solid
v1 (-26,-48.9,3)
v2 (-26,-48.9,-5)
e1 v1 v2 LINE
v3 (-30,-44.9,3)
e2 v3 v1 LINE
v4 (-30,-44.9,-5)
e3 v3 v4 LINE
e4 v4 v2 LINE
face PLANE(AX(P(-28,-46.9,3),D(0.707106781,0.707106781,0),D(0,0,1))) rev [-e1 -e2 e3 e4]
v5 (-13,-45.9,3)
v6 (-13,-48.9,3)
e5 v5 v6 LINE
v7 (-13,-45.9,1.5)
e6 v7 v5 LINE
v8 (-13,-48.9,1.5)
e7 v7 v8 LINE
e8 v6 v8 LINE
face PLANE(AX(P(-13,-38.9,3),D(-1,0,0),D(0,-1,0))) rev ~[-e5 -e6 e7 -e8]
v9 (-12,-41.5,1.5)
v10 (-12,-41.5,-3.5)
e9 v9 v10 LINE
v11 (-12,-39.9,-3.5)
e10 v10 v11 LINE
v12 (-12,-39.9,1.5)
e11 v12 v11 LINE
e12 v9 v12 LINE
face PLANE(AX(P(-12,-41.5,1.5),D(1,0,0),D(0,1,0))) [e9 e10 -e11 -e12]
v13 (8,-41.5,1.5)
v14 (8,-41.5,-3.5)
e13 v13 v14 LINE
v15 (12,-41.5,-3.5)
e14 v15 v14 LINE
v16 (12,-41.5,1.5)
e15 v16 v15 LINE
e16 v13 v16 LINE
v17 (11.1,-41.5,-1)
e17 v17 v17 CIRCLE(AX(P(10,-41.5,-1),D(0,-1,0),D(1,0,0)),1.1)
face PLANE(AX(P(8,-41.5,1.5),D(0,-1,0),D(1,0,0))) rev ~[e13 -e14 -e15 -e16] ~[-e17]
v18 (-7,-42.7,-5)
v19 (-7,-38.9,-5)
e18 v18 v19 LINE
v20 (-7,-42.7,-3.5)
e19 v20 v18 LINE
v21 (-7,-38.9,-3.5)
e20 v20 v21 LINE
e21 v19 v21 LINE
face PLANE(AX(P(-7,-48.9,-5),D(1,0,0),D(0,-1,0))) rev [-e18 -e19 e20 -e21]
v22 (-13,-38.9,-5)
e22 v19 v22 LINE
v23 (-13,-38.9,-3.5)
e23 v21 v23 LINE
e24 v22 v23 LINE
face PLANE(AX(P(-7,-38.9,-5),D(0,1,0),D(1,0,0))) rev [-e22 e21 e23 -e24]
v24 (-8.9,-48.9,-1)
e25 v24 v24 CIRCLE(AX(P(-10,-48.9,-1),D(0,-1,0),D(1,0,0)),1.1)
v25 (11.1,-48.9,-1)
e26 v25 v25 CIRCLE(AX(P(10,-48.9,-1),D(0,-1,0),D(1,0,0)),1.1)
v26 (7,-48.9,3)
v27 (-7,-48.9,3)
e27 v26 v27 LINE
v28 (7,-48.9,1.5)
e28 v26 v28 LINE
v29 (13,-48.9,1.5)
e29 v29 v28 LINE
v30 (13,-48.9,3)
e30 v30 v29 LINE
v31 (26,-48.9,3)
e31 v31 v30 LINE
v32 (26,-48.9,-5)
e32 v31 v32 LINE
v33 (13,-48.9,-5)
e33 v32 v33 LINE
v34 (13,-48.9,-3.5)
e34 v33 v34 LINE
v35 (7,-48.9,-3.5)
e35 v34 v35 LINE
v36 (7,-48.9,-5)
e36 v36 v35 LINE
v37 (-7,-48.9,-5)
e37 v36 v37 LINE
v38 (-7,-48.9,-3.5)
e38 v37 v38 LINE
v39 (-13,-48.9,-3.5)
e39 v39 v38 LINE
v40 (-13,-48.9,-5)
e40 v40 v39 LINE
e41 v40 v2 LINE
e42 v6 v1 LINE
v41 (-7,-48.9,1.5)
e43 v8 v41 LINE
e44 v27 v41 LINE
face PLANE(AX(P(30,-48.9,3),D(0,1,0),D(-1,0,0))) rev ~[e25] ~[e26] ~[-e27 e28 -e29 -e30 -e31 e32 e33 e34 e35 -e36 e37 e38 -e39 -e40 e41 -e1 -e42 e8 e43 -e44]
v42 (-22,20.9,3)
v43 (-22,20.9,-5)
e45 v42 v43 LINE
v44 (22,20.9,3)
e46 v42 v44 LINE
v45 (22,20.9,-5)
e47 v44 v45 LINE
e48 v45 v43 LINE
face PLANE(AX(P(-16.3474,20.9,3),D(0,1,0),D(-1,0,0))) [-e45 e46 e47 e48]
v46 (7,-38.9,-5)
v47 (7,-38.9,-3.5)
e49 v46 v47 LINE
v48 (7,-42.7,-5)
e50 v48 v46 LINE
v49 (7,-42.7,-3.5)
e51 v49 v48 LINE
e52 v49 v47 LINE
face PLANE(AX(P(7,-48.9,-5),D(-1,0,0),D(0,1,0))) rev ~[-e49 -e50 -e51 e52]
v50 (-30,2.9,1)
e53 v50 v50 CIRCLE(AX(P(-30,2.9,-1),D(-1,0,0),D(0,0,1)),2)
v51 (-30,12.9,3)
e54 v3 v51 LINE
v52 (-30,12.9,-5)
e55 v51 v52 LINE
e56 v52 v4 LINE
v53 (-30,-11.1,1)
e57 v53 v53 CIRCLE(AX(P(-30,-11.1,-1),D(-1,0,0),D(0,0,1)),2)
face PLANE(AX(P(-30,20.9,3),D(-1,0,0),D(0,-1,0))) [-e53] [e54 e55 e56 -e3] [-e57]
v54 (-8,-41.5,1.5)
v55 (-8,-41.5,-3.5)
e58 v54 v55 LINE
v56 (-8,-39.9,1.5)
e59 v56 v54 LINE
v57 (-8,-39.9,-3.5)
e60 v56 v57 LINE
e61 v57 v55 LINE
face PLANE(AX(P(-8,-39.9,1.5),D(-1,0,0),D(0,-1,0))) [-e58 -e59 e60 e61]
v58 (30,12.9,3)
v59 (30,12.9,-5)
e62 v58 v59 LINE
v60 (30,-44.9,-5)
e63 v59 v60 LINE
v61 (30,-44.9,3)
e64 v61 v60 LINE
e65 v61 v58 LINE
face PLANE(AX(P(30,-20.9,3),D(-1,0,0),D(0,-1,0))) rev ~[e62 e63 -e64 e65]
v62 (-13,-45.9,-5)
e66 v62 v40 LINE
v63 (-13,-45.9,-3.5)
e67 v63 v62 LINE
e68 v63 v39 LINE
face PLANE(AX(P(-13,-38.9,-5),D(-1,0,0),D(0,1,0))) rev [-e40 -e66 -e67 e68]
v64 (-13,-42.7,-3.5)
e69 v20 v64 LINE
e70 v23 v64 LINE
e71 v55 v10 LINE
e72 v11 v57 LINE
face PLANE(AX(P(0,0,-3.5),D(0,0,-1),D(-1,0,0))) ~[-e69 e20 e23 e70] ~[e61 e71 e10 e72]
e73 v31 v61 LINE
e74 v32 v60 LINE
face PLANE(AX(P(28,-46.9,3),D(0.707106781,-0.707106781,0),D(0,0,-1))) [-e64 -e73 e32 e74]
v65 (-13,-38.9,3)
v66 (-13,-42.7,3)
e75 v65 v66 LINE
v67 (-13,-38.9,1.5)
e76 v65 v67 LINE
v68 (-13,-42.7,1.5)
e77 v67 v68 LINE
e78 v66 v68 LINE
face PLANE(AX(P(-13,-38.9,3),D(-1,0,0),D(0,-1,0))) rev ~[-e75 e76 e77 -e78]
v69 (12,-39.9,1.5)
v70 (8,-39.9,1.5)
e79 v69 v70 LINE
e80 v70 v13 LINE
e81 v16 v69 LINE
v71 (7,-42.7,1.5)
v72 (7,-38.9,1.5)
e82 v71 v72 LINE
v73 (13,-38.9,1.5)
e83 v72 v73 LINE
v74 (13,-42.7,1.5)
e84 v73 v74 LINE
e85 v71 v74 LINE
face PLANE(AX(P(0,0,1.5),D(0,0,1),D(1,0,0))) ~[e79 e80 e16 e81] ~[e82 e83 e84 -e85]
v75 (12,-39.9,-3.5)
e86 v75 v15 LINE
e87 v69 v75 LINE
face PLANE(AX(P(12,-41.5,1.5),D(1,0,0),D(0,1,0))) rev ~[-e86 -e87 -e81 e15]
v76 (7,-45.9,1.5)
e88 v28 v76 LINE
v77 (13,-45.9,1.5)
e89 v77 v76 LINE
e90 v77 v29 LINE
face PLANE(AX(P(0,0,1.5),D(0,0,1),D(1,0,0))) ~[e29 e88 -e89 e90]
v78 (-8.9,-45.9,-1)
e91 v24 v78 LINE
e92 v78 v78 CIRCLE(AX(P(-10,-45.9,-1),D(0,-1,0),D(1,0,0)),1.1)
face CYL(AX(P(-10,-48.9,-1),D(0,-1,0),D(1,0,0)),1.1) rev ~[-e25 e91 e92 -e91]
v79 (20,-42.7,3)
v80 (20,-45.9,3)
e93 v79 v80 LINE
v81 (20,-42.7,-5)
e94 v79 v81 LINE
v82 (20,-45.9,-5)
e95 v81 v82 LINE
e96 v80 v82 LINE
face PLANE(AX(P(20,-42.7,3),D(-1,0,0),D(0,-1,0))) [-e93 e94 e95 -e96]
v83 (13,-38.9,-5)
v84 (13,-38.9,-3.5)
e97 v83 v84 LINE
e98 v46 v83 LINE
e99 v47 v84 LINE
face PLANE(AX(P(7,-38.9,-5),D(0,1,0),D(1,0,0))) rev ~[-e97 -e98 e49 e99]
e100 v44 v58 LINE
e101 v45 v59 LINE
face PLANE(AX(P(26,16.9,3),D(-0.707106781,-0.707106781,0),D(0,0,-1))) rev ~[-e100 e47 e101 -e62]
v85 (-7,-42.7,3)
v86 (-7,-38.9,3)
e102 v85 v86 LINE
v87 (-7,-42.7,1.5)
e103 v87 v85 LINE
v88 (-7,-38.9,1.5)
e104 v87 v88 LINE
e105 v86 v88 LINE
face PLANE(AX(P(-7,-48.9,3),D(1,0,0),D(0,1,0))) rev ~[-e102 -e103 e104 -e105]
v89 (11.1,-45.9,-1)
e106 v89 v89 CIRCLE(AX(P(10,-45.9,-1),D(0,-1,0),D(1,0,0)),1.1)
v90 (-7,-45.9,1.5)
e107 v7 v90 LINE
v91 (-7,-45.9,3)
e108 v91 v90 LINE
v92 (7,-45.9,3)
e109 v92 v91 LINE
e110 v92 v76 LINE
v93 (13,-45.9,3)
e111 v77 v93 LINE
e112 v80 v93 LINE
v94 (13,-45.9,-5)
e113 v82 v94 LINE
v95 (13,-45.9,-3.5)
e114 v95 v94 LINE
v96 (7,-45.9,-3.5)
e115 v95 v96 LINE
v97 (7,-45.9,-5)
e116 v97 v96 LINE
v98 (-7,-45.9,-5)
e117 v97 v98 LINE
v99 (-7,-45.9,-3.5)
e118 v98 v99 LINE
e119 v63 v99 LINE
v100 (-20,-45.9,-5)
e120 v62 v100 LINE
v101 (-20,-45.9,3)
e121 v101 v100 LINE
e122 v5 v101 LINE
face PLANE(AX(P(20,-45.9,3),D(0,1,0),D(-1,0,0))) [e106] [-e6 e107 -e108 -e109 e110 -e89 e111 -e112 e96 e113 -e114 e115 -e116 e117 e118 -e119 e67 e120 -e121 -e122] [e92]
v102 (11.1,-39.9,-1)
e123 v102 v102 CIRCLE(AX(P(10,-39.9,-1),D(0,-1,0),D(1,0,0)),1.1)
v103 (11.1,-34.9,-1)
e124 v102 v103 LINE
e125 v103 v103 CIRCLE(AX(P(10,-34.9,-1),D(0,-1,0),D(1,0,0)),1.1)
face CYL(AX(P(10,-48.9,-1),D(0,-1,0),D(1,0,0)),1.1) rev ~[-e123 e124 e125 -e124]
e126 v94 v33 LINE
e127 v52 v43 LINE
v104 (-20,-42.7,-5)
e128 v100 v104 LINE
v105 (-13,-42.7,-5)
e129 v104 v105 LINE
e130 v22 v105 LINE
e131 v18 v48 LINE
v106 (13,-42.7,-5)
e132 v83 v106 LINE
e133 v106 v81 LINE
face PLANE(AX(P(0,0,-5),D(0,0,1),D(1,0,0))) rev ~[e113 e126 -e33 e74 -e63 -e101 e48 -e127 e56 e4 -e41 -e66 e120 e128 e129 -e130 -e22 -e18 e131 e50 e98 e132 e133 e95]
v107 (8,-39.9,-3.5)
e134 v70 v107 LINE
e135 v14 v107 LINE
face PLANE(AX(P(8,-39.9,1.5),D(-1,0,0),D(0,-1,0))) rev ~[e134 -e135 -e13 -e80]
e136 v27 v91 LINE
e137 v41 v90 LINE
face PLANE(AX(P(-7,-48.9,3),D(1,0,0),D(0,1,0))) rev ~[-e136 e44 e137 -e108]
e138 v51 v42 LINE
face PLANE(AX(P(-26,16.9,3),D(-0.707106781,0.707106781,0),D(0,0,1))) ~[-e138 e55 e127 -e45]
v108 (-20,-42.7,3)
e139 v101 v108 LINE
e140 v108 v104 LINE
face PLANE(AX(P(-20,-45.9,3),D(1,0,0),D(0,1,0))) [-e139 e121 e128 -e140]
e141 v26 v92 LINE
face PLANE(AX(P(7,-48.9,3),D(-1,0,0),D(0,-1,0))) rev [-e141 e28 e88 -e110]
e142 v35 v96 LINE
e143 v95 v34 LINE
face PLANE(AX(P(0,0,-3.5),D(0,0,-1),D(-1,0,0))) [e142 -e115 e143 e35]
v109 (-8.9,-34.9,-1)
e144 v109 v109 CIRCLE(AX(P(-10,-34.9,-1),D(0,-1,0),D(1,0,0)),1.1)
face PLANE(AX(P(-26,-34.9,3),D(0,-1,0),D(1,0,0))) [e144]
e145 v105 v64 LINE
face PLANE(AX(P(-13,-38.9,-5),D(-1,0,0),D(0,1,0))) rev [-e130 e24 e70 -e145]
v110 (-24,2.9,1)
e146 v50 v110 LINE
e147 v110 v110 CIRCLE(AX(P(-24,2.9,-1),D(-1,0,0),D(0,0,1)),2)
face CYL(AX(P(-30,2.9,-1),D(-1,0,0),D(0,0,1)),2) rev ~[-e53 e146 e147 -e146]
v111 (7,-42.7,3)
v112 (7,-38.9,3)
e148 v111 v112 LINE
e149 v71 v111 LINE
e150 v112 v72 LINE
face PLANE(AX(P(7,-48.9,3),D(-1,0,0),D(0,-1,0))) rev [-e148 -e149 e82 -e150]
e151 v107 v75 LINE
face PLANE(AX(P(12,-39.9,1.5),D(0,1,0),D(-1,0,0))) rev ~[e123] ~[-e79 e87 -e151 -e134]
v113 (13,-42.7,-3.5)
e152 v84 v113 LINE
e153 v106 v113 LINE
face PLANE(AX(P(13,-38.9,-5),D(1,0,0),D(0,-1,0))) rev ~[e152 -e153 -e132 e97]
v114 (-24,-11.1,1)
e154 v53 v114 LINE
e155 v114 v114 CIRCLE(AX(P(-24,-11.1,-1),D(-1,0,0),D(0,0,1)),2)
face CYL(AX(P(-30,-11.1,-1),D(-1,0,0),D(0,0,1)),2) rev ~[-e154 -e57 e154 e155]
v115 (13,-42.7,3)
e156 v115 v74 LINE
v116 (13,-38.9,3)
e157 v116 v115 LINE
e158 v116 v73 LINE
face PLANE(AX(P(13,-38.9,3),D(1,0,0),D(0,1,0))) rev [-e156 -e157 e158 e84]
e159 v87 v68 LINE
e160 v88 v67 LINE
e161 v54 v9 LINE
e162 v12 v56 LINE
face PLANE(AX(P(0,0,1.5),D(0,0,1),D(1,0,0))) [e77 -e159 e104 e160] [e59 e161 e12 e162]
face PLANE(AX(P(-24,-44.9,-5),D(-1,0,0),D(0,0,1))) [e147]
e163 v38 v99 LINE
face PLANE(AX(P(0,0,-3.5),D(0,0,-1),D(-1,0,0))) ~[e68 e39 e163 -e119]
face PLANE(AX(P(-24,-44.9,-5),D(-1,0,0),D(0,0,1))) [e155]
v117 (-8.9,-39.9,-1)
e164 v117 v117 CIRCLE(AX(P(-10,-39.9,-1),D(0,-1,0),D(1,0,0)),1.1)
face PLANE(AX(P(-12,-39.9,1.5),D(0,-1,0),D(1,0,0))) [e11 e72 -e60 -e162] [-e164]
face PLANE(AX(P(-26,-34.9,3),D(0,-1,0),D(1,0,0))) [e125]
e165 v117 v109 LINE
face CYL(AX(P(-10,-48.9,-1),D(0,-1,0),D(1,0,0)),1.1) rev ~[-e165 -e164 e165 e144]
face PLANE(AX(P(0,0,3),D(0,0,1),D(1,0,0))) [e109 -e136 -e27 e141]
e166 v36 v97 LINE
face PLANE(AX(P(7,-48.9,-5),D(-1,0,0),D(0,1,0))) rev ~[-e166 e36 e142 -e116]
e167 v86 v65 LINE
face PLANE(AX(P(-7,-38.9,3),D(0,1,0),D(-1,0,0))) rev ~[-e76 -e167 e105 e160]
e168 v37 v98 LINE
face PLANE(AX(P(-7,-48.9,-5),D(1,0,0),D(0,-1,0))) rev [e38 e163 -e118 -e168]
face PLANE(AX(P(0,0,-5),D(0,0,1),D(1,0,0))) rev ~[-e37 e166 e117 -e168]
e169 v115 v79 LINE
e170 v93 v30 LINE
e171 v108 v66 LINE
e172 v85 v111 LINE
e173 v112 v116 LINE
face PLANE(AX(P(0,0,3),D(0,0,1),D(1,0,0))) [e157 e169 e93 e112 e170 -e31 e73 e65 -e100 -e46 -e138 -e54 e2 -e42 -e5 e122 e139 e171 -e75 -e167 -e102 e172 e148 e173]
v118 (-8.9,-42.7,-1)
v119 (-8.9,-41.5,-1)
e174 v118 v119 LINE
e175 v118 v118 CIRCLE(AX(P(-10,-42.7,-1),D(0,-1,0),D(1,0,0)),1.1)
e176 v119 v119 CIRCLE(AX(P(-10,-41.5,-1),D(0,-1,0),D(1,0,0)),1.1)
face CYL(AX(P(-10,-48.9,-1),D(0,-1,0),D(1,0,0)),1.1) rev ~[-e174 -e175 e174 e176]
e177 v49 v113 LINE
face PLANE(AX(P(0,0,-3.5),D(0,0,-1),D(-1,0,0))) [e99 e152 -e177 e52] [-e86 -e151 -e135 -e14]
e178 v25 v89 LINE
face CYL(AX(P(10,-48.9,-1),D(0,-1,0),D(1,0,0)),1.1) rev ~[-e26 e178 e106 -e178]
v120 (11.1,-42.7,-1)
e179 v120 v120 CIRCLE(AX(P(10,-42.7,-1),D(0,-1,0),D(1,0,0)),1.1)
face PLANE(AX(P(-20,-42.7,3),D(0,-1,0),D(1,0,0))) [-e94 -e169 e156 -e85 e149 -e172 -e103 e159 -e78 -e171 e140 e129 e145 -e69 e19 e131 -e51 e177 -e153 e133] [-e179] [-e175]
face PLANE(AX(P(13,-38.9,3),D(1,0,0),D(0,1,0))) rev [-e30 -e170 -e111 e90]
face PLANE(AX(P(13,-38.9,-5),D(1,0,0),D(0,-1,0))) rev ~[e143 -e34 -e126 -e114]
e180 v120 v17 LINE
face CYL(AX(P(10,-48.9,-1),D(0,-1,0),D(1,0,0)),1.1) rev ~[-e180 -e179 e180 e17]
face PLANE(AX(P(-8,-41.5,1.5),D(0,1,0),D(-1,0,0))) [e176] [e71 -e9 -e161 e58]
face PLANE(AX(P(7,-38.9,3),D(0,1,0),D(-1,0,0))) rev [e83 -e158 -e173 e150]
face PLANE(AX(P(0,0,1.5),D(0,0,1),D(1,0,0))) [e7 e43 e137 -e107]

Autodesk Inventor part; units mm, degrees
ref_plane "YZ Plane" through (0, 0, 0) normal (1, 0, 0) x (0, 1, 0)
sketch "Эскиз1" plane through (0, 0, 0) normal (0, 0, 1) x (1, 0, 0)
  line L0 (16.9838, 20.6364) -> (20.6364, 16.9838) projected
  arc A0 (16.9838, 20.6364) -> (16.3474, 20.9) centre (16.3474, 20) ccw projected
  line L1 (-16.3474, 20.9) -> (16.3474, 20.9) projected
  arc A1 (-16.3474, 20.9) -> (-16.9838, 20.6364) centre (-16.3474, 20) ccw projected
  line L2 (-20.6364, 16.9838) -> (-16.9838, 20.6364) projected
  arc A2 (-20.6364, 16.9838) -> (-20.9, 16.3474) centre (-20, 16.3474) ccw projected
  line L3 (-20.9, -16.3474) -> (-20.9, 16.3474) projected
  arc A3 (-20.9, -16.3474) -> (-20.6364, -16.9838) centre (-20, -16.3474) ccw projected
  line L4 (-16.9838, -20.6364) -> (-20.6364, -16.9838) projected
  arc A4 (-16.9838, -20.6364) -> (-16.3474, -20.9) centre (-16.3474, -20) ccw projected
  line L5 (16.3474, -20.9) -> (-16.3474, -20.9) projected
  arc A5 (16.3474, -20.9) -> (16.9838, -20.6364) centre (16.3474, -20) ccw projected
  line L6 (20.6364, -16.9838) -> (16.9838, -20.6364) projected
  arc A6 (20.6364, -16.9838) -> (20.9, -16.3474) centre (20, -16.3474) ccw projected
  line L7 (20.9, 16.3474) -> (20.9, -16.3474) projected
  arc A7 (20.9, 16.3474) -> (20.6364, 16.9838) centre (20, 16.3474) ccw projected
  circle A8 centre (15.5574, -15.5574) radius 1.45 projected
  circle A9 centre (0, 0) radius 11 projected
  circle A10 centre (-15.5574, -15.5574) radius 1.45 projected
  circle A11 centre (-15.5574, 15.5574) radius 1.45 projected
  circle A12 centre (15.5574, 15.5574) radius 1.45 projected
  point P0 (0, 0)
extrude "Выдавливание1" add sketch "Эскиз1" along normal blind 3
sketch "Эскиз2" plane through (0, 0, 3) normal (0, 0, 1) x (1, 0, 0)
  line L0 (16.3474, 20.9) -> (-16.3474, 20.9) construction
  line L1 (-30, -20.9) -> (30, -20.9)
  line L2 (30, -20.9) -> (30, 20.9)
  line L3 (30, 20.9) -> (-30, 20.9)
  line L4 (-30, 20.9) -> (-30, -20.9)
  circle A0 centre (0, 0) radius 11 construction
  line L5 (-30, -20.9) -> (30, 20.9) construction
  line L6 (30, -20.9) -> (-30, 20.9) construction
  line L7 (-30, -20.9) -> (30, -20.9)
  line L8 (30, -20.9) -> (30, -48.9)
  line L9 (30, -48.9) -> (-30, -48.9)
  line L10 (-30, -48.9) -> (-30, -20.9)
  line L11 (-16.9838, 20.6364) -> (-20.6364, 16.9838) projected
  arc A1 (-20.6364, 16.9838) -> (-20.9, 16.3474) centre (-20, 16.3474) ccw projected
  line L12 (-20.9, 16.3474) -> (-20.9, -16.3474) projected
  arc A2 (-20.9, -16.3474) -> (-20.6364, -16.9838) centre (-20, -16.3474) ccw projected
  line L13 (-20.6364, -16.9838) -> (-16.9838, -20.6364) projected
  arc A3 (-16.9838, -20.6364) -> (-16.3474, -20.9) centre (-16.3474, -20) ccw projected
  line L14 (-16.3474, -20.9) -> (16.3474, -20.9) projected
  arc A4 (16.3474, -20.9) -> (16.9838, -20.6364) centre (16.3474, -20) ccw projected
  line L15 (16.9838, -20.6364) -> (20.6364, -16.9838) projected
  arc A5 (20.6364, -16.9838) -> (20.9, -16.3474) centre (20, -16.3474) ccw projected
  line L16 (20.9, -16.3474) -> (20.9, 16.3474) projected
  arc A6 (20.9, 16.3474) -> (20.6364, 16.9838) centre (20, 16.3474) ccw projected
  line L17 (20.6364, 16.9838) -> (16.9838, 20.6364) projected
  arc A7 (16.9838, 20.6364) -> (16.3474, 20.9) centre (16.3474, 20) ccw projected
  line L18 (16.3474, 20.9) -> (-16.3474, 20.9) projected
  arc A8 (-16.3474, 20.9) -> (-16.9838, 20.6364) centre (-16.3474, 20) ccw projected
  circle A9 centre (0, 0) radius 11 construction
  circle A10 centre (15.5574, 15.5574) radius 1.45 construction
  circle A11 centre (-15.5574, 15.5574) radius 1.45 construction
  circle A12 centre (-15.5574, -15.5574) radius 1.45 construction
  circle A13 centre (15.5574, -15.5574) radius 1.45 construction
  dimension "d4" = 60
  dimension "d5" = 60
  dimension "d6" = 28
extrude "Выдавливание2" add sketch "Эскиз2" against normal blind 8
ref_plane "РабПлоскость4" through (-23, -29.9, -1) normal (0, -1, 0) x (1, 0, 0)
chamfer "Фаска1" distance 4 angle 45 2 edges at (30, -48.9, -1) (-30, -48.9, -1)
chamfer "Фаска2" distance 8 angle 45 2 edges at (30, 20.9, -1) (-30, 20.9, -1)
sketch "Эскиз14" plane through (-30, -44.9, -5) normal (-1, 0, 0) x (0, 0, 1)
  line L0 (0, 57.8) -> (8, 57.8) construction
  line L1 (0, 0) -> (0, 57.8) construction
  line L2 (8, 0) -> (0, 0) construction
  line L3 (8, 57.8) -> (8, 0) construction
  line L4 (8, 57.8) -> (0, 57.8) projected
  line L5 (4, 57.8) -> (4, 0) construction
  line L6 (8, 0) -> (0, 0) projected
  circle A0 centre (4, 47.8) radius 2
  circle A1 centre (4, 33.8) radius 2
  dimension "d107" = 4
  dimension "d108" = 4
  dimension "d109" = 10
  dimension "d113" = 14
extrude "Выдавливание13" cut sketch "Эскиз14" against normal blind 6
sketch "Эскиз25" plane through (0, 0, 3) normal (0, 0, 1) x (1, 0, 0)
  line L0 (-20, -42.7) -> (20, -42.7)
  line L1 (20, -42.7) -> (20, -45.9)
  line L2 (20, -45.9) -> (-20, -45.9)
  line L3 (-20, -45.9) -> (-20, -42.7)
  line L4 (-20, -42.7) -> (20, -45.9) construction
  line L5 (20, -42.7) -> (-20, -45.9) construction
  line L6 (-26, -48.9) -> (26, -48.9) construction
  line L7 (26, -48.9) -> (-26, -48.9) projected
  line L8 (0, -48.9) -> (0, 20.9) construction
  line L9 (16.3474, 20.9) -> (-16.3474, 20.9) construction
  point P0 (0, 0)
  point P1 (0, -44.3)
  dimension "d170" = 40
  dimension "d171" = 3.2
  dimension "d172" = 3
extrude "Выдавливание25" cut sketch "Эскиз25" against normal blind 8
sketch "Эскиз27" plane through (-26, -48.9, 3) normal (0, -1, 0) x (1, 0, 0)
  line L0 (0, -8) -> (0, 0) construction
  line L1 (52, 0) -> (52, -8) construction
  line L2 (0, -4) -> (52, -4) construction
  circle A0 centre (16, -4) radius 1.1
  line L3 (46, 0) -> (46, -8) construction
  line L4 (6, 0) -> (46, 0) construction
  line L5 (46, 0) -> (46, -8) construction
  line L6 (46, -8) -> (6, -8) construction
  line L7 (6, -8) -> (6, 0) construction
  line L8 (6, 0) -> (46, -8) construction
  line L9 (46, 0) -> (6, -8) construction
  circle A1 centre (36, -4) radius 1.1
  point P0 (26, -4)
  dimension "d177" = 2.2
  dimension "d178" = 10
  dimension "d179" = 2.2
  dimension "d180" = 10
extrude "Выдавливание26" cut sketch "Эскиз27" against normal blind 14
sketch "Эскиз28" plane through (0, 0, 3) normal (0, 0, 1) x (1, 0, 0)
  line L0 (20, -45.9) -> (-20, -45.9) construction
  line L1 (-20, -45.9) -> (-20, -42.7) construction
  line L2 (-20, -42.7) -> (20, -42.7) construction
  line L3 (20, -42.7) -> (20, -45.9) construction
  line L4 (-26, -48.9) -> (26, -48.9) projected
  line L5 (-13, -48.9) -> (-7, -48.9)
  line L6 (-7, -48.9) -> (-7, -38.9)
  line L7 (-7, -38.9) -> (-13, -38.9)
  line L8 (-13, -38.9) -> (-13, -48.9)
  line L9 (-10, -38.9) -> (-10, -48.9) construction
  point P0 (0, 0)
  point P1 (-10, -43.9)
  point P2 (-20, -44.3)
  dimension "d183" = 6
  dimension "d184" = 10
  dimension "d185" = 10
extrude "Выдавливание27" cut sketch "Эскиз28" against normal blind 1.5
ref_plane "РабПлоскость8" through (0, 0, -1) normal (0, 0, -1) x (-1, 0, 0)
mirror "Зеркальное отражение4" about plane through (0, 0, 0) normal (1, 0, 0) of "Выдавливание27"
mirror "Зеркальное отражение5" about plane through (0, 0, -1) normal (0, 0, -1) of "Выдавливание27", "Зеркальное отражение4"
sketch "Эскиз29" plane through (0, 0, 1.5) normal (0, 0, 1) x (1, 0, 0)
  line L0 (-13, -38.9) -> (-7, -38.9) construction
  line L1 (-13, -42.7) -> (-13, -38.9) construction
  line L2 (7, -42.7) -> (7, -38.9) construction
  line L3 (7, -38.9) -> (13, -38.9) construction
  line L4 (-13, -38.9) -> (-7, -38.9) projected
  line L5 (-10, -38.9) -> (-10, -42.7) construction
  line L6 (-12, -39.9) -> (-8, -39.9)
  line L7 (-8, -39.9) -> (-8, -41.5)
  line L8 (-8, -41.5) -> (-12, -41.5)
  line L9 (-12, -41.5) -> (-12, -39.9)
  line L10 (-12, -39.9) -> (-8, -41.5) construction
  line L11 (-8, -39.9) -> (-12, -41.5) construction
  line L12 (-13, -42.7) -> (-7, -42.7) projected
  line L13 (7, -48.9) -> (-7, -48.9) construction
  line L14 (0, -48.9) -> (0, -38.1038) construction
  line L15 (12, -39.9) -> (8, -39.9)
  line L16 (8, -39.9) -> (8, -41.5)
  line L17 (8, -41.5) -> (12, -41.5)
  line L18 (12, -41.5) -> (12, -39.9)
  point P0 (0, 0)
  point P1 (-10, -40.7)
  dimension "d188" = 4
  dimension "d189" = 1.6
  dimension "d190" = 1.2
extrude "Выдавливание28" cut sketch "Эскиз29" against normal blind 10
properties part number "каретка_м2_без_м"
